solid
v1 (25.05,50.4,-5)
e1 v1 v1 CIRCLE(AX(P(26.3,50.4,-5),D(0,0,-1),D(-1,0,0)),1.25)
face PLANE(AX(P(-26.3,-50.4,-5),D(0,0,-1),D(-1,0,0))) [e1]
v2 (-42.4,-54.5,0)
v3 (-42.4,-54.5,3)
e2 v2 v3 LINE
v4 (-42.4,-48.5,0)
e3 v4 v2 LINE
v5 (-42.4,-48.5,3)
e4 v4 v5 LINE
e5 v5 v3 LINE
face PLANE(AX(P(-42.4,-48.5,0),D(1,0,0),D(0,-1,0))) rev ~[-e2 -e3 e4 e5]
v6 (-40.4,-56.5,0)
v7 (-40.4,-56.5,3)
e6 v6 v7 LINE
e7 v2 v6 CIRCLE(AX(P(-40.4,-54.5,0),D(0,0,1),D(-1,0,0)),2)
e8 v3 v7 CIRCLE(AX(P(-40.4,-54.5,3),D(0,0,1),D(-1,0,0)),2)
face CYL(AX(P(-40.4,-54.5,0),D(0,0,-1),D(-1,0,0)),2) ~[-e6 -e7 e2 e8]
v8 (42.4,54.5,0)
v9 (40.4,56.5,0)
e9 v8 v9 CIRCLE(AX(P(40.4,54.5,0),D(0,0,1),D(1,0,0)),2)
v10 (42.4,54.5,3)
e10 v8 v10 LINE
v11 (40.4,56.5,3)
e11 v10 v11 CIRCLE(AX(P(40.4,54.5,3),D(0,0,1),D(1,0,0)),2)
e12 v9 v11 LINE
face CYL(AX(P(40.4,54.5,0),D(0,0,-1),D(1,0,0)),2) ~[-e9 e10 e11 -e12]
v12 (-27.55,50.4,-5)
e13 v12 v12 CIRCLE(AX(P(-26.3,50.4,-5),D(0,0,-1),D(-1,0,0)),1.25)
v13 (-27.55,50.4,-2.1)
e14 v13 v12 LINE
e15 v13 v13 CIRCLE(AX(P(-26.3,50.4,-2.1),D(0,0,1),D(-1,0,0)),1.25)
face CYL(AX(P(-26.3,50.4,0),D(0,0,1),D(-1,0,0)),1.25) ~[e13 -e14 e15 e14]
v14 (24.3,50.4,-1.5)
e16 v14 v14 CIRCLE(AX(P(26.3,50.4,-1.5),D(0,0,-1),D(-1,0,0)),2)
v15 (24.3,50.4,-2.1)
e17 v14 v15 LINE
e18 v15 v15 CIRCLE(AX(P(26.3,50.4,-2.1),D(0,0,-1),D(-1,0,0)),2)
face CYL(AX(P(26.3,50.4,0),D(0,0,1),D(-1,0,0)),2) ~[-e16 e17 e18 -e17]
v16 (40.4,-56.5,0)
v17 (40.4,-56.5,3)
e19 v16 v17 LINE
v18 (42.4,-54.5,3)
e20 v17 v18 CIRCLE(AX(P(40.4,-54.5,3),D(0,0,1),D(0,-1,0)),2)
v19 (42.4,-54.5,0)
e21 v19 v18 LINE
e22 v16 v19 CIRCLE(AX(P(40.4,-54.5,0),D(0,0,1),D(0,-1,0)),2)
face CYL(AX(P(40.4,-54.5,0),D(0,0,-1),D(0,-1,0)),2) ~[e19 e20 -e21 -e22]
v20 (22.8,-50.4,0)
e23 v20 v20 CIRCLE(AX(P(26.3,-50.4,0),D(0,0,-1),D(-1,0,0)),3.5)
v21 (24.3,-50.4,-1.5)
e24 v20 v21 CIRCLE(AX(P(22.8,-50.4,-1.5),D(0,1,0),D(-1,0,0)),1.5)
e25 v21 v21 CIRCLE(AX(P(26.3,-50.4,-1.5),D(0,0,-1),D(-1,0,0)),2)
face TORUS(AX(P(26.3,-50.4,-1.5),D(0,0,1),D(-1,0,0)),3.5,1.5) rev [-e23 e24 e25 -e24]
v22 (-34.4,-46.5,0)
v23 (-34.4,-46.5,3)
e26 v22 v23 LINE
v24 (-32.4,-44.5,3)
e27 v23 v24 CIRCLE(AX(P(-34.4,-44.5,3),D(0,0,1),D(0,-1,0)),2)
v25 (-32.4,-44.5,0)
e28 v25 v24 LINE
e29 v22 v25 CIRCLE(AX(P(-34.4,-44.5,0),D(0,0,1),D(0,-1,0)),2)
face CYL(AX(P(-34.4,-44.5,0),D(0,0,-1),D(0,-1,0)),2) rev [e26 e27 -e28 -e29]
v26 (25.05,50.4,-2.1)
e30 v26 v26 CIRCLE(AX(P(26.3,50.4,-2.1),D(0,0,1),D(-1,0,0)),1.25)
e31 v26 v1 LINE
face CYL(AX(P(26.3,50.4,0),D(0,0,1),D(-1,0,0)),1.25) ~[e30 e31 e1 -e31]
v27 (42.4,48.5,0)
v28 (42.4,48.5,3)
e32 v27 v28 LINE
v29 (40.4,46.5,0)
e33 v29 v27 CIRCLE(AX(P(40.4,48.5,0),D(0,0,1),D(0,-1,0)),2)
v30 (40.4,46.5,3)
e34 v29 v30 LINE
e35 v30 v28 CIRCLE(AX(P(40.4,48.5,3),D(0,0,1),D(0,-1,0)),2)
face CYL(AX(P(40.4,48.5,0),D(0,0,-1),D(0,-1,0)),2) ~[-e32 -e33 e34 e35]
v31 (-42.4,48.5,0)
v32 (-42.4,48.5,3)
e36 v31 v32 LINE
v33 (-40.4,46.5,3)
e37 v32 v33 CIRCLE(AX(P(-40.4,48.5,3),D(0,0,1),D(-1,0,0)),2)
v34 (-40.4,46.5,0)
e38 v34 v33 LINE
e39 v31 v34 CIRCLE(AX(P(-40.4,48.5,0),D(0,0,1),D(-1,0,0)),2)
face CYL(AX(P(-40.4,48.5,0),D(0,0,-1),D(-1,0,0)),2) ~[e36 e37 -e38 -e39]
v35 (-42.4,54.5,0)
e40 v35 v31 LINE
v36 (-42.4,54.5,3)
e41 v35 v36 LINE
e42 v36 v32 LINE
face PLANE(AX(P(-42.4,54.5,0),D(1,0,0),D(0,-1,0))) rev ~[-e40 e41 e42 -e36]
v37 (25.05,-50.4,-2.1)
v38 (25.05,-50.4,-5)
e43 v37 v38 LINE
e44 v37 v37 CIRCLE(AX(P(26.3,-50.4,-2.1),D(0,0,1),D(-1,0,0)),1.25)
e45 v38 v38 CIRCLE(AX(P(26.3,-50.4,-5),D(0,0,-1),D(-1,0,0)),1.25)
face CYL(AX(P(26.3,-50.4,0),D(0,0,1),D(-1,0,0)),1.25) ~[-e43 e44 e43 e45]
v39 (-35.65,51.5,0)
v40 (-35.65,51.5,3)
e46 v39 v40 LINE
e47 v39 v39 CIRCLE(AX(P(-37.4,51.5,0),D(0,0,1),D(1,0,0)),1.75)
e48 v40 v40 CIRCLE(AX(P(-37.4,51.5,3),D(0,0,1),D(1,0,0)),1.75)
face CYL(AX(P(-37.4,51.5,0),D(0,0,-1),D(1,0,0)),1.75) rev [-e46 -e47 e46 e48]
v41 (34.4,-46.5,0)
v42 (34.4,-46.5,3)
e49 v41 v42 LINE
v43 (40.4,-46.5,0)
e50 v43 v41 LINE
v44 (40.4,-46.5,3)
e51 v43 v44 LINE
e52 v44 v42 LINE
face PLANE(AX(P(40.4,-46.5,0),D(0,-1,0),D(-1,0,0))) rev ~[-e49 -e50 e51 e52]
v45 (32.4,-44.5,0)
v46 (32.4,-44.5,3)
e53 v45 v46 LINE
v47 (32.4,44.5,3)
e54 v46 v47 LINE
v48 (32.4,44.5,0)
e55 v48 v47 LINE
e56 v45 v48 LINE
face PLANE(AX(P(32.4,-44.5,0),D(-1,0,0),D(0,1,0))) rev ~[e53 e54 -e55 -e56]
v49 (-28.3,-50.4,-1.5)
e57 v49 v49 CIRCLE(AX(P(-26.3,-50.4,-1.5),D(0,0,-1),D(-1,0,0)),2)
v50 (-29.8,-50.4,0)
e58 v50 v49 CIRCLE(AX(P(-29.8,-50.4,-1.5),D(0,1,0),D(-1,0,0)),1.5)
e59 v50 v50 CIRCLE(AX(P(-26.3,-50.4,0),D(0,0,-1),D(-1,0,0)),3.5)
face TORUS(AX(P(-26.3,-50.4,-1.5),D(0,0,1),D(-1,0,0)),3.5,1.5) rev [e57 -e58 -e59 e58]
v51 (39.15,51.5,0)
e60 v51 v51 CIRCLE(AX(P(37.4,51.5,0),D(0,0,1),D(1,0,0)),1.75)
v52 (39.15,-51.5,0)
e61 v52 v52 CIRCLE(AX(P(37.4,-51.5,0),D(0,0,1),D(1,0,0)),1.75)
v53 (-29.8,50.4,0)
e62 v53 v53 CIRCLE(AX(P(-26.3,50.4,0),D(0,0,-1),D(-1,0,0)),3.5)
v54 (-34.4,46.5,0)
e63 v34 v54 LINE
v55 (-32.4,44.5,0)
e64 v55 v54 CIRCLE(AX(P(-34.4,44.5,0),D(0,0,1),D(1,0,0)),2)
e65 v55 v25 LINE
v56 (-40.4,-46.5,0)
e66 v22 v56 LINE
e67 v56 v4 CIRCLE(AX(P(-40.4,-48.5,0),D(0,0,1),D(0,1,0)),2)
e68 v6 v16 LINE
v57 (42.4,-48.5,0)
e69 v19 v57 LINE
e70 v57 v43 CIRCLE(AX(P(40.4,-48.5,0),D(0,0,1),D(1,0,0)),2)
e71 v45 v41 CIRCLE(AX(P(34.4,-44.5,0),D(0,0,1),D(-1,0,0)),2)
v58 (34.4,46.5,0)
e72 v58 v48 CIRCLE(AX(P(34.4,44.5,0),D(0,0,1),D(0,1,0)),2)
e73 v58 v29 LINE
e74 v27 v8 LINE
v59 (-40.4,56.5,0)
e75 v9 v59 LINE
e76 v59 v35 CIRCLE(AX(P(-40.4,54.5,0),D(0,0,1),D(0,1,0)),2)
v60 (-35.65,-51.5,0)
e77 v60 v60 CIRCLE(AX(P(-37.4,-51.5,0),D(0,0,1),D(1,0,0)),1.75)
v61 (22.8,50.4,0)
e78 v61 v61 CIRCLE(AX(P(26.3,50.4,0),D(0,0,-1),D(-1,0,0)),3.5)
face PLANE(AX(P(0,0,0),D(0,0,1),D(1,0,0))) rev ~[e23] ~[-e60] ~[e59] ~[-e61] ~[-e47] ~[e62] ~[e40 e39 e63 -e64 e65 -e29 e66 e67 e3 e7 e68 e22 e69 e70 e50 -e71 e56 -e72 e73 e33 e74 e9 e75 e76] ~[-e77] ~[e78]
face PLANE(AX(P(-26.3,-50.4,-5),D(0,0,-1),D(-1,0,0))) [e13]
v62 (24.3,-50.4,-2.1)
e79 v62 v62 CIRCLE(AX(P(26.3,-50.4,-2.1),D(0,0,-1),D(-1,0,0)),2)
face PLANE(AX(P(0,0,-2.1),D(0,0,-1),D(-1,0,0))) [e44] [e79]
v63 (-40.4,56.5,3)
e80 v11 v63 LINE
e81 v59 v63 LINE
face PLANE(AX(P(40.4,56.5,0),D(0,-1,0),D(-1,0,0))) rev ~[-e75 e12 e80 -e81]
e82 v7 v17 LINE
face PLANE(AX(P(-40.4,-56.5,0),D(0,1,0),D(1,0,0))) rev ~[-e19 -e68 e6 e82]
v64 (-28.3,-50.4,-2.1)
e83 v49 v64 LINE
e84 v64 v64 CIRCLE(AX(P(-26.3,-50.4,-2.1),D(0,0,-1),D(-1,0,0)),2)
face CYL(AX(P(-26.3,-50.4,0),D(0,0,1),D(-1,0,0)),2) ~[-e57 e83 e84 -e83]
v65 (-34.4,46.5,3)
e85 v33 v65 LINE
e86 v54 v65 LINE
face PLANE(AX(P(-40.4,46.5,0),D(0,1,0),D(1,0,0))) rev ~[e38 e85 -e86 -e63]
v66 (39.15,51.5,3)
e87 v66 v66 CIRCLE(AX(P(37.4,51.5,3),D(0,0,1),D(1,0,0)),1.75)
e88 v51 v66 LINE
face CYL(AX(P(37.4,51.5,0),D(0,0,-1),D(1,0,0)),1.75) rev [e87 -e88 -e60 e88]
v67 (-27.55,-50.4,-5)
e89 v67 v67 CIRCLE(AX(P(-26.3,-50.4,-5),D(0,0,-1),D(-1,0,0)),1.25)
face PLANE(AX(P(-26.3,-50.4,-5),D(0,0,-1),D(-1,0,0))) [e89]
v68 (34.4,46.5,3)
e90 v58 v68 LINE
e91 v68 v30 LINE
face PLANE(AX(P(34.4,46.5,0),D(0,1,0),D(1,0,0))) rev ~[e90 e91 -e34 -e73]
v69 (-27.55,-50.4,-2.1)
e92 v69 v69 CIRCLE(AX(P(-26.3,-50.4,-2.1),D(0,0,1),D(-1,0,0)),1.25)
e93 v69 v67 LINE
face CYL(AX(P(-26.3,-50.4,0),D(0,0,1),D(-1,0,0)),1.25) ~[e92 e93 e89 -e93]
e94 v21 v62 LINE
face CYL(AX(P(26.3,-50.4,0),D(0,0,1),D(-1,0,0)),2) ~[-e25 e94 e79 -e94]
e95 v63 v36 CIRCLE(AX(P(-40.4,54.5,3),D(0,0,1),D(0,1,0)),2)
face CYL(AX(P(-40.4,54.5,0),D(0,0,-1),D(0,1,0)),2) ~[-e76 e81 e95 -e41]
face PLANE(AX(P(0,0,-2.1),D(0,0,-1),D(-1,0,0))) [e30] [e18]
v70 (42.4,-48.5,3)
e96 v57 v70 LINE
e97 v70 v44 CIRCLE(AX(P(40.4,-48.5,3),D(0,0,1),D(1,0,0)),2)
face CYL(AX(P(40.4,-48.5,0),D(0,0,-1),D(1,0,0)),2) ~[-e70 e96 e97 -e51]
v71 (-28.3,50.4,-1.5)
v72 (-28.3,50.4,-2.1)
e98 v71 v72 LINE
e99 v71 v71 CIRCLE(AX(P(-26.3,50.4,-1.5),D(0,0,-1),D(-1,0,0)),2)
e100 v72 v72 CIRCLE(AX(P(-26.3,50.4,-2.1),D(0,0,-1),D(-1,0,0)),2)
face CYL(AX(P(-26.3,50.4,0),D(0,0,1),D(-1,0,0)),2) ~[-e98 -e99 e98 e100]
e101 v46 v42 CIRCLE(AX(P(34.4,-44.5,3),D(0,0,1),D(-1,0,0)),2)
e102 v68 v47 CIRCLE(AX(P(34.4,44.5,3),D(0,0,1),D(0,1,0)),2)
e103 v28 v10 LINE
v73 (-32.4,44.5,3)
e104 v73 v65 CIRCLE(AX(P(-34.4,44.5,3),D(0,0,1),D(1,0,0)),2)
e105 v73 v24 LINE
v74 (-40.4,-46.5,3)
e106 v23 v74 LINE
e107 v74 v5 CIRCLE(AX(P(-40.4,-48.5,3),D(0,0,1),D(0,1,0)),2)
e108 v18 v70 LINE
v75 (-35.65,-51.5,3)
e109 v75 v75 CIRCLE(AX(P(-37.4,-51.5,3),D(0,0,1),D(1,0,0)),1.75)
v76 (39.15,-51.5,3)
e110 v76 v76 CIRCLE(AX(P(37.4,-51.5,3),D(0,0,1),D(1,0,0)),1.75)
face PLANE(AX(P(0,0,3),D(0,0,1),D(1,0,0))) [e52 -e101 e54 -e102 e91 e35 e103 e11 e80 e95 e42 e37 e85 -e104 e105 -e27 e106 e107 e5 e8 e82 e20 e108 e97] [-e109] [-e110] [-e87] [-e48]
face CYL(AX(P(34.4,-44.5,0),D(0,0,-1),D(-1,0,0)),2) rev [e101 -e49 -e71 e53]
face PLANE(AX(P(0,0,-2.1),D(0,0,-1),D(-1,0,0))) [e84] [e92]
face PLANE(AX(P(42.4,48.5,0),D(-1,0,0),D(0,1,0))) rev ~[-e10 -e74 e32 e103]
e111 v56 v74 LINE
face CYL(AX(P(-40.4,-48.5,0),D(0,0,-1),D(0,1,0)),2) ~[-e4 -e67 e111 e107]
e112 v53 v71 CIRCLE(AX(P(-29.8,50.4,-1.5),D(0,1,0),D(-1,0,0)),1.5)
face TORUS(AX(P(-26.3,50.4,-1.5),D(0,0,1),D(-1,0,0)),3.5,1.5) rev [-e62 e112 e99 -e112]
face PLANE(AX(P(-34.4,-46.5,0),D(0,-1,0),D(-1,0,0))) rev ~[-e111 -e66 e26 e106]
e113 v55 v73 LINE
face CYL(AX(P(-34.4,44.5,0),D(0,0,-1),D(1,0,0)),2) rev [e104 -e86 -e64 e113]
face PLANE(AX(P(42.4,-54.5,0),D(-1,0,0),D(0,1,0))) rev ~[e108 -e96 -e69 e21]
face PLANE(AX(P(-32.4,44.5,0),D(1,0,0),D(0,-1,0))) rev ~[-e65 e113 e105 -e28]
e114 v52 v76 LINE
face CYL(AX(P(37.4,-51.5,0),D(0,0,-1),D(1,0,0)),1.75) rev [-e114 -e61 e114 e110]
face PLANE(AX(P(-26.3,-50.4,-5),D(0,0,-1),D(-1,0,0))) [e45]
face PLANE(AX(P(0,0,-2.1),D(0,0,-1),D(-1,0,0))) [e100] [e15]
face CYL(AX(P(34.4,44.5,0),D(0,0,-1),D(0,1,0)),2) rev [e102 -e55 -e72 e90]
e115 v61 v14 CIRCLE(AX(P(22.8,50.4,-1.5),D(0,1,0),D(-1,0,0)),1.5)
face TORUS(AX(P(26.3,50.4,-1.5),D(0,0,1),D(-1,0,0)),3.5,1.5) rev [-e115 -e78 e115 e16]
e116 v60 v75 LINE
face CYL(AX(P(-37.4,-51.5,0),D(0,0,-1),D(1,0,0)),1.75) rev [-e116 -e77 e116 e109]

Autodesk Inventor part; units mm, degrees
ref_plane "YZ Plane" through (0, 0, 0) normal (1, 0, 0) x (0, 1, 0)
ref_plane "XZ Plane" through (0, 0, 0) normal (0, 1, 0) x (-1, 0, 0)
ref_plane "XY Plane" through (0, 0, 0) normal (0, 0, 1) x (1, 0, 0)
sketch "Sketch1" plane through (0, 0, 0) normal (0, 0, 1) x (1, 0, 0)
  circle A0 centre (37.4, -51.5) radius 1.75 projected
  circle A1 centre (37.4, 51.5) radius 1.75 projected
  circle A2 centre (-37.4, -51.5) radius 1.75 projected
  circle A3 centre (-37.4, 51.5) radius 1.75 projected
  line L0 (-32.4, 44.5) -> (-32.4, -44.5) projected
  line L1 (-34.4, -46.5) -> (-40.4, -46.5) projected
  line L2 (-42.4, -48.5) -> (-42.4, -54.5) projected
  line L3 (-40.4, -56.5) -> (40.4, -56.5) projected
  line L4 (42.4, -54.5) -> (42.4, -48.5) projected
  line L5 (40.4, -46.5) -> (34.4, -46.5) projected
  line L6 (32.4, -44.5) -> (32.4, 44.5) projected
  line L7 (34.4, 46.5) -> (40.4, 46.5) projected
  line L8 (42.4, 48.5) -> (42.4, 54.5) projected
  line L9 (40.4, 56.5) -> (-40.4, 56.5) projected
  line L10 (-42.4, 54.5) -> (-42.4, 48.5) projected
  line L11 (-40.4, 46.5) -> (-34.4, 46.5) projected
  line L12 (30.4, -54.5) -> (-30.4, -54.5) projected
  line L13 (-30.4, -54.5) -> (-30.4, 54.5) projected
  line L14 (-30.4, 54.5) -> (30.4, 54.5) projected
  line L15 (30.4, 54.5) -> (30.4, -54.5) projected
  arc A4 (40.4, -56.5) -> (42.4, -54.5) centre (40.4, -54.5) ccw projected
  arc A5 (42.4, -48.5) -> (40.4, -46.5) centre (40.4, -48.5) ccw projected
  arc A6 (32.4, -44.5) -> (34.4, -46.5) centre (34.4, -44.5) ccw projected
  arc A7 (34.4, 46.5) -> (32.4, 44.5) centre (34.4, 44.5) ccw projected
  arc A8 (40.4, 46.5) -> (42.4, 48.5) centre (40.4, 48.5) ccw projected
  arc A9 (42.4, 54.5) -> (40.4, 56.5) centre (40.4, 54.5) ccw projected
  arc A10 (-40.4, 56.5) -> (-42.4, 54.5) centre (-40.4, 54.5) ccw projected
  arc A11 (-42.4, 48.5) -> (-40.4, 46.5) centre (-40.4, 48.5) ccw projected
  arc A12 (-32.4, 44.5) -> (-34.4, 46.5) centre (-34.4, 44.5) ccw projected
  arc A13 (-34.4, -46.5) -> (-32.4, -44.5) centre (-34.4, -44.5) ccw projected
  arc A14 (-40.4, -46.5) -> (-42.4, -48.5) centre (-40.4, -48.5) ccw projected
  arc A15 (-42.4, -54.5) -> (-40.4, -56.5) centre (-40.4, -54.5) ccw projected
  point P0 (0, 0)
extrude "Extrusion1" add sketch "Sketch1" along normal blind 3 contours A12 L11 A11 L10 A10 L9 A9 L8 A8 L7 A7 L6 A6 L5 A5 L4 A4 L3 A15 L2 A14 L1 A13 L0 | L12 L13 L14 L15
sketch "Sketch2" plane through (0, 0, 0) normal (0, 0, -1) x (-1, 0, 0)
  circle A0 centre (26.3, -50.4) radius 1.5 projected
  circle A1 centre (-26.3, -50.4) radius 1.5 projected
  circle A2 centre (-26.3, 50.4) radius 1.5 projected
  circle A3 centre (26.3, 50.4) radius 1.5 projected
  circle A4 centre (26.3, -50.4) radius 1.25
  circle A5 centre (-26.3, -50.4) radius 1.25
  circle A6 centre (-26.3, 50.4) radius 1.25
  circle A7 centre (26.3, 50.4) radius 1.25
  circle A8 centre (-26.3, -50.4) radius 2
  circle A9 centre (26.3, -50.4) radius 2
  circle A10 centre (26.3, 50.4) radius 2
  circle A11 centre (-26.3, 50.4) radius 2
  point P0 (0, 0)
  dimension "d2" = 2.5
  dimension "d3" = 4
extrude "Extrusion2" add sketch "Sketch2" along normal blind 2.1 contours A0 | A1 | A2 | A3 | A4 | A5 | A6 | A7 | A8 | A9 | A10 | A11
fillet "Fillet1" radius 1.5 4 edges at (28.3, -50.4, 0) (-24.3, -50.4, 0) (-24.3, 50.4, 0) (28.3, 50.4, 0)
sketch "Sketch3" plane through (-26.3, -50.4, 0) normal (0, 0, -1) x (-1, 0, 0)
  circle A0 centre (0, 0) radius 2 projected
  circle A1 centre (0, 0) radius 1.25 projected
  circle A2 centre (-52.6, 0) radius 1.25 projected
  circle A3 centre (-52.6, 100.8) radius 1.25 projected
  circle A4 centre (0, 100.8) radius 1.25 projected
  point P0 (-26.3, 50.4)
extrude "Extrusion3" add sketch "Sketch3" along normal blind 5 contours A1 | A2 | A3 | A4
properties part number "CAJA_P2"
